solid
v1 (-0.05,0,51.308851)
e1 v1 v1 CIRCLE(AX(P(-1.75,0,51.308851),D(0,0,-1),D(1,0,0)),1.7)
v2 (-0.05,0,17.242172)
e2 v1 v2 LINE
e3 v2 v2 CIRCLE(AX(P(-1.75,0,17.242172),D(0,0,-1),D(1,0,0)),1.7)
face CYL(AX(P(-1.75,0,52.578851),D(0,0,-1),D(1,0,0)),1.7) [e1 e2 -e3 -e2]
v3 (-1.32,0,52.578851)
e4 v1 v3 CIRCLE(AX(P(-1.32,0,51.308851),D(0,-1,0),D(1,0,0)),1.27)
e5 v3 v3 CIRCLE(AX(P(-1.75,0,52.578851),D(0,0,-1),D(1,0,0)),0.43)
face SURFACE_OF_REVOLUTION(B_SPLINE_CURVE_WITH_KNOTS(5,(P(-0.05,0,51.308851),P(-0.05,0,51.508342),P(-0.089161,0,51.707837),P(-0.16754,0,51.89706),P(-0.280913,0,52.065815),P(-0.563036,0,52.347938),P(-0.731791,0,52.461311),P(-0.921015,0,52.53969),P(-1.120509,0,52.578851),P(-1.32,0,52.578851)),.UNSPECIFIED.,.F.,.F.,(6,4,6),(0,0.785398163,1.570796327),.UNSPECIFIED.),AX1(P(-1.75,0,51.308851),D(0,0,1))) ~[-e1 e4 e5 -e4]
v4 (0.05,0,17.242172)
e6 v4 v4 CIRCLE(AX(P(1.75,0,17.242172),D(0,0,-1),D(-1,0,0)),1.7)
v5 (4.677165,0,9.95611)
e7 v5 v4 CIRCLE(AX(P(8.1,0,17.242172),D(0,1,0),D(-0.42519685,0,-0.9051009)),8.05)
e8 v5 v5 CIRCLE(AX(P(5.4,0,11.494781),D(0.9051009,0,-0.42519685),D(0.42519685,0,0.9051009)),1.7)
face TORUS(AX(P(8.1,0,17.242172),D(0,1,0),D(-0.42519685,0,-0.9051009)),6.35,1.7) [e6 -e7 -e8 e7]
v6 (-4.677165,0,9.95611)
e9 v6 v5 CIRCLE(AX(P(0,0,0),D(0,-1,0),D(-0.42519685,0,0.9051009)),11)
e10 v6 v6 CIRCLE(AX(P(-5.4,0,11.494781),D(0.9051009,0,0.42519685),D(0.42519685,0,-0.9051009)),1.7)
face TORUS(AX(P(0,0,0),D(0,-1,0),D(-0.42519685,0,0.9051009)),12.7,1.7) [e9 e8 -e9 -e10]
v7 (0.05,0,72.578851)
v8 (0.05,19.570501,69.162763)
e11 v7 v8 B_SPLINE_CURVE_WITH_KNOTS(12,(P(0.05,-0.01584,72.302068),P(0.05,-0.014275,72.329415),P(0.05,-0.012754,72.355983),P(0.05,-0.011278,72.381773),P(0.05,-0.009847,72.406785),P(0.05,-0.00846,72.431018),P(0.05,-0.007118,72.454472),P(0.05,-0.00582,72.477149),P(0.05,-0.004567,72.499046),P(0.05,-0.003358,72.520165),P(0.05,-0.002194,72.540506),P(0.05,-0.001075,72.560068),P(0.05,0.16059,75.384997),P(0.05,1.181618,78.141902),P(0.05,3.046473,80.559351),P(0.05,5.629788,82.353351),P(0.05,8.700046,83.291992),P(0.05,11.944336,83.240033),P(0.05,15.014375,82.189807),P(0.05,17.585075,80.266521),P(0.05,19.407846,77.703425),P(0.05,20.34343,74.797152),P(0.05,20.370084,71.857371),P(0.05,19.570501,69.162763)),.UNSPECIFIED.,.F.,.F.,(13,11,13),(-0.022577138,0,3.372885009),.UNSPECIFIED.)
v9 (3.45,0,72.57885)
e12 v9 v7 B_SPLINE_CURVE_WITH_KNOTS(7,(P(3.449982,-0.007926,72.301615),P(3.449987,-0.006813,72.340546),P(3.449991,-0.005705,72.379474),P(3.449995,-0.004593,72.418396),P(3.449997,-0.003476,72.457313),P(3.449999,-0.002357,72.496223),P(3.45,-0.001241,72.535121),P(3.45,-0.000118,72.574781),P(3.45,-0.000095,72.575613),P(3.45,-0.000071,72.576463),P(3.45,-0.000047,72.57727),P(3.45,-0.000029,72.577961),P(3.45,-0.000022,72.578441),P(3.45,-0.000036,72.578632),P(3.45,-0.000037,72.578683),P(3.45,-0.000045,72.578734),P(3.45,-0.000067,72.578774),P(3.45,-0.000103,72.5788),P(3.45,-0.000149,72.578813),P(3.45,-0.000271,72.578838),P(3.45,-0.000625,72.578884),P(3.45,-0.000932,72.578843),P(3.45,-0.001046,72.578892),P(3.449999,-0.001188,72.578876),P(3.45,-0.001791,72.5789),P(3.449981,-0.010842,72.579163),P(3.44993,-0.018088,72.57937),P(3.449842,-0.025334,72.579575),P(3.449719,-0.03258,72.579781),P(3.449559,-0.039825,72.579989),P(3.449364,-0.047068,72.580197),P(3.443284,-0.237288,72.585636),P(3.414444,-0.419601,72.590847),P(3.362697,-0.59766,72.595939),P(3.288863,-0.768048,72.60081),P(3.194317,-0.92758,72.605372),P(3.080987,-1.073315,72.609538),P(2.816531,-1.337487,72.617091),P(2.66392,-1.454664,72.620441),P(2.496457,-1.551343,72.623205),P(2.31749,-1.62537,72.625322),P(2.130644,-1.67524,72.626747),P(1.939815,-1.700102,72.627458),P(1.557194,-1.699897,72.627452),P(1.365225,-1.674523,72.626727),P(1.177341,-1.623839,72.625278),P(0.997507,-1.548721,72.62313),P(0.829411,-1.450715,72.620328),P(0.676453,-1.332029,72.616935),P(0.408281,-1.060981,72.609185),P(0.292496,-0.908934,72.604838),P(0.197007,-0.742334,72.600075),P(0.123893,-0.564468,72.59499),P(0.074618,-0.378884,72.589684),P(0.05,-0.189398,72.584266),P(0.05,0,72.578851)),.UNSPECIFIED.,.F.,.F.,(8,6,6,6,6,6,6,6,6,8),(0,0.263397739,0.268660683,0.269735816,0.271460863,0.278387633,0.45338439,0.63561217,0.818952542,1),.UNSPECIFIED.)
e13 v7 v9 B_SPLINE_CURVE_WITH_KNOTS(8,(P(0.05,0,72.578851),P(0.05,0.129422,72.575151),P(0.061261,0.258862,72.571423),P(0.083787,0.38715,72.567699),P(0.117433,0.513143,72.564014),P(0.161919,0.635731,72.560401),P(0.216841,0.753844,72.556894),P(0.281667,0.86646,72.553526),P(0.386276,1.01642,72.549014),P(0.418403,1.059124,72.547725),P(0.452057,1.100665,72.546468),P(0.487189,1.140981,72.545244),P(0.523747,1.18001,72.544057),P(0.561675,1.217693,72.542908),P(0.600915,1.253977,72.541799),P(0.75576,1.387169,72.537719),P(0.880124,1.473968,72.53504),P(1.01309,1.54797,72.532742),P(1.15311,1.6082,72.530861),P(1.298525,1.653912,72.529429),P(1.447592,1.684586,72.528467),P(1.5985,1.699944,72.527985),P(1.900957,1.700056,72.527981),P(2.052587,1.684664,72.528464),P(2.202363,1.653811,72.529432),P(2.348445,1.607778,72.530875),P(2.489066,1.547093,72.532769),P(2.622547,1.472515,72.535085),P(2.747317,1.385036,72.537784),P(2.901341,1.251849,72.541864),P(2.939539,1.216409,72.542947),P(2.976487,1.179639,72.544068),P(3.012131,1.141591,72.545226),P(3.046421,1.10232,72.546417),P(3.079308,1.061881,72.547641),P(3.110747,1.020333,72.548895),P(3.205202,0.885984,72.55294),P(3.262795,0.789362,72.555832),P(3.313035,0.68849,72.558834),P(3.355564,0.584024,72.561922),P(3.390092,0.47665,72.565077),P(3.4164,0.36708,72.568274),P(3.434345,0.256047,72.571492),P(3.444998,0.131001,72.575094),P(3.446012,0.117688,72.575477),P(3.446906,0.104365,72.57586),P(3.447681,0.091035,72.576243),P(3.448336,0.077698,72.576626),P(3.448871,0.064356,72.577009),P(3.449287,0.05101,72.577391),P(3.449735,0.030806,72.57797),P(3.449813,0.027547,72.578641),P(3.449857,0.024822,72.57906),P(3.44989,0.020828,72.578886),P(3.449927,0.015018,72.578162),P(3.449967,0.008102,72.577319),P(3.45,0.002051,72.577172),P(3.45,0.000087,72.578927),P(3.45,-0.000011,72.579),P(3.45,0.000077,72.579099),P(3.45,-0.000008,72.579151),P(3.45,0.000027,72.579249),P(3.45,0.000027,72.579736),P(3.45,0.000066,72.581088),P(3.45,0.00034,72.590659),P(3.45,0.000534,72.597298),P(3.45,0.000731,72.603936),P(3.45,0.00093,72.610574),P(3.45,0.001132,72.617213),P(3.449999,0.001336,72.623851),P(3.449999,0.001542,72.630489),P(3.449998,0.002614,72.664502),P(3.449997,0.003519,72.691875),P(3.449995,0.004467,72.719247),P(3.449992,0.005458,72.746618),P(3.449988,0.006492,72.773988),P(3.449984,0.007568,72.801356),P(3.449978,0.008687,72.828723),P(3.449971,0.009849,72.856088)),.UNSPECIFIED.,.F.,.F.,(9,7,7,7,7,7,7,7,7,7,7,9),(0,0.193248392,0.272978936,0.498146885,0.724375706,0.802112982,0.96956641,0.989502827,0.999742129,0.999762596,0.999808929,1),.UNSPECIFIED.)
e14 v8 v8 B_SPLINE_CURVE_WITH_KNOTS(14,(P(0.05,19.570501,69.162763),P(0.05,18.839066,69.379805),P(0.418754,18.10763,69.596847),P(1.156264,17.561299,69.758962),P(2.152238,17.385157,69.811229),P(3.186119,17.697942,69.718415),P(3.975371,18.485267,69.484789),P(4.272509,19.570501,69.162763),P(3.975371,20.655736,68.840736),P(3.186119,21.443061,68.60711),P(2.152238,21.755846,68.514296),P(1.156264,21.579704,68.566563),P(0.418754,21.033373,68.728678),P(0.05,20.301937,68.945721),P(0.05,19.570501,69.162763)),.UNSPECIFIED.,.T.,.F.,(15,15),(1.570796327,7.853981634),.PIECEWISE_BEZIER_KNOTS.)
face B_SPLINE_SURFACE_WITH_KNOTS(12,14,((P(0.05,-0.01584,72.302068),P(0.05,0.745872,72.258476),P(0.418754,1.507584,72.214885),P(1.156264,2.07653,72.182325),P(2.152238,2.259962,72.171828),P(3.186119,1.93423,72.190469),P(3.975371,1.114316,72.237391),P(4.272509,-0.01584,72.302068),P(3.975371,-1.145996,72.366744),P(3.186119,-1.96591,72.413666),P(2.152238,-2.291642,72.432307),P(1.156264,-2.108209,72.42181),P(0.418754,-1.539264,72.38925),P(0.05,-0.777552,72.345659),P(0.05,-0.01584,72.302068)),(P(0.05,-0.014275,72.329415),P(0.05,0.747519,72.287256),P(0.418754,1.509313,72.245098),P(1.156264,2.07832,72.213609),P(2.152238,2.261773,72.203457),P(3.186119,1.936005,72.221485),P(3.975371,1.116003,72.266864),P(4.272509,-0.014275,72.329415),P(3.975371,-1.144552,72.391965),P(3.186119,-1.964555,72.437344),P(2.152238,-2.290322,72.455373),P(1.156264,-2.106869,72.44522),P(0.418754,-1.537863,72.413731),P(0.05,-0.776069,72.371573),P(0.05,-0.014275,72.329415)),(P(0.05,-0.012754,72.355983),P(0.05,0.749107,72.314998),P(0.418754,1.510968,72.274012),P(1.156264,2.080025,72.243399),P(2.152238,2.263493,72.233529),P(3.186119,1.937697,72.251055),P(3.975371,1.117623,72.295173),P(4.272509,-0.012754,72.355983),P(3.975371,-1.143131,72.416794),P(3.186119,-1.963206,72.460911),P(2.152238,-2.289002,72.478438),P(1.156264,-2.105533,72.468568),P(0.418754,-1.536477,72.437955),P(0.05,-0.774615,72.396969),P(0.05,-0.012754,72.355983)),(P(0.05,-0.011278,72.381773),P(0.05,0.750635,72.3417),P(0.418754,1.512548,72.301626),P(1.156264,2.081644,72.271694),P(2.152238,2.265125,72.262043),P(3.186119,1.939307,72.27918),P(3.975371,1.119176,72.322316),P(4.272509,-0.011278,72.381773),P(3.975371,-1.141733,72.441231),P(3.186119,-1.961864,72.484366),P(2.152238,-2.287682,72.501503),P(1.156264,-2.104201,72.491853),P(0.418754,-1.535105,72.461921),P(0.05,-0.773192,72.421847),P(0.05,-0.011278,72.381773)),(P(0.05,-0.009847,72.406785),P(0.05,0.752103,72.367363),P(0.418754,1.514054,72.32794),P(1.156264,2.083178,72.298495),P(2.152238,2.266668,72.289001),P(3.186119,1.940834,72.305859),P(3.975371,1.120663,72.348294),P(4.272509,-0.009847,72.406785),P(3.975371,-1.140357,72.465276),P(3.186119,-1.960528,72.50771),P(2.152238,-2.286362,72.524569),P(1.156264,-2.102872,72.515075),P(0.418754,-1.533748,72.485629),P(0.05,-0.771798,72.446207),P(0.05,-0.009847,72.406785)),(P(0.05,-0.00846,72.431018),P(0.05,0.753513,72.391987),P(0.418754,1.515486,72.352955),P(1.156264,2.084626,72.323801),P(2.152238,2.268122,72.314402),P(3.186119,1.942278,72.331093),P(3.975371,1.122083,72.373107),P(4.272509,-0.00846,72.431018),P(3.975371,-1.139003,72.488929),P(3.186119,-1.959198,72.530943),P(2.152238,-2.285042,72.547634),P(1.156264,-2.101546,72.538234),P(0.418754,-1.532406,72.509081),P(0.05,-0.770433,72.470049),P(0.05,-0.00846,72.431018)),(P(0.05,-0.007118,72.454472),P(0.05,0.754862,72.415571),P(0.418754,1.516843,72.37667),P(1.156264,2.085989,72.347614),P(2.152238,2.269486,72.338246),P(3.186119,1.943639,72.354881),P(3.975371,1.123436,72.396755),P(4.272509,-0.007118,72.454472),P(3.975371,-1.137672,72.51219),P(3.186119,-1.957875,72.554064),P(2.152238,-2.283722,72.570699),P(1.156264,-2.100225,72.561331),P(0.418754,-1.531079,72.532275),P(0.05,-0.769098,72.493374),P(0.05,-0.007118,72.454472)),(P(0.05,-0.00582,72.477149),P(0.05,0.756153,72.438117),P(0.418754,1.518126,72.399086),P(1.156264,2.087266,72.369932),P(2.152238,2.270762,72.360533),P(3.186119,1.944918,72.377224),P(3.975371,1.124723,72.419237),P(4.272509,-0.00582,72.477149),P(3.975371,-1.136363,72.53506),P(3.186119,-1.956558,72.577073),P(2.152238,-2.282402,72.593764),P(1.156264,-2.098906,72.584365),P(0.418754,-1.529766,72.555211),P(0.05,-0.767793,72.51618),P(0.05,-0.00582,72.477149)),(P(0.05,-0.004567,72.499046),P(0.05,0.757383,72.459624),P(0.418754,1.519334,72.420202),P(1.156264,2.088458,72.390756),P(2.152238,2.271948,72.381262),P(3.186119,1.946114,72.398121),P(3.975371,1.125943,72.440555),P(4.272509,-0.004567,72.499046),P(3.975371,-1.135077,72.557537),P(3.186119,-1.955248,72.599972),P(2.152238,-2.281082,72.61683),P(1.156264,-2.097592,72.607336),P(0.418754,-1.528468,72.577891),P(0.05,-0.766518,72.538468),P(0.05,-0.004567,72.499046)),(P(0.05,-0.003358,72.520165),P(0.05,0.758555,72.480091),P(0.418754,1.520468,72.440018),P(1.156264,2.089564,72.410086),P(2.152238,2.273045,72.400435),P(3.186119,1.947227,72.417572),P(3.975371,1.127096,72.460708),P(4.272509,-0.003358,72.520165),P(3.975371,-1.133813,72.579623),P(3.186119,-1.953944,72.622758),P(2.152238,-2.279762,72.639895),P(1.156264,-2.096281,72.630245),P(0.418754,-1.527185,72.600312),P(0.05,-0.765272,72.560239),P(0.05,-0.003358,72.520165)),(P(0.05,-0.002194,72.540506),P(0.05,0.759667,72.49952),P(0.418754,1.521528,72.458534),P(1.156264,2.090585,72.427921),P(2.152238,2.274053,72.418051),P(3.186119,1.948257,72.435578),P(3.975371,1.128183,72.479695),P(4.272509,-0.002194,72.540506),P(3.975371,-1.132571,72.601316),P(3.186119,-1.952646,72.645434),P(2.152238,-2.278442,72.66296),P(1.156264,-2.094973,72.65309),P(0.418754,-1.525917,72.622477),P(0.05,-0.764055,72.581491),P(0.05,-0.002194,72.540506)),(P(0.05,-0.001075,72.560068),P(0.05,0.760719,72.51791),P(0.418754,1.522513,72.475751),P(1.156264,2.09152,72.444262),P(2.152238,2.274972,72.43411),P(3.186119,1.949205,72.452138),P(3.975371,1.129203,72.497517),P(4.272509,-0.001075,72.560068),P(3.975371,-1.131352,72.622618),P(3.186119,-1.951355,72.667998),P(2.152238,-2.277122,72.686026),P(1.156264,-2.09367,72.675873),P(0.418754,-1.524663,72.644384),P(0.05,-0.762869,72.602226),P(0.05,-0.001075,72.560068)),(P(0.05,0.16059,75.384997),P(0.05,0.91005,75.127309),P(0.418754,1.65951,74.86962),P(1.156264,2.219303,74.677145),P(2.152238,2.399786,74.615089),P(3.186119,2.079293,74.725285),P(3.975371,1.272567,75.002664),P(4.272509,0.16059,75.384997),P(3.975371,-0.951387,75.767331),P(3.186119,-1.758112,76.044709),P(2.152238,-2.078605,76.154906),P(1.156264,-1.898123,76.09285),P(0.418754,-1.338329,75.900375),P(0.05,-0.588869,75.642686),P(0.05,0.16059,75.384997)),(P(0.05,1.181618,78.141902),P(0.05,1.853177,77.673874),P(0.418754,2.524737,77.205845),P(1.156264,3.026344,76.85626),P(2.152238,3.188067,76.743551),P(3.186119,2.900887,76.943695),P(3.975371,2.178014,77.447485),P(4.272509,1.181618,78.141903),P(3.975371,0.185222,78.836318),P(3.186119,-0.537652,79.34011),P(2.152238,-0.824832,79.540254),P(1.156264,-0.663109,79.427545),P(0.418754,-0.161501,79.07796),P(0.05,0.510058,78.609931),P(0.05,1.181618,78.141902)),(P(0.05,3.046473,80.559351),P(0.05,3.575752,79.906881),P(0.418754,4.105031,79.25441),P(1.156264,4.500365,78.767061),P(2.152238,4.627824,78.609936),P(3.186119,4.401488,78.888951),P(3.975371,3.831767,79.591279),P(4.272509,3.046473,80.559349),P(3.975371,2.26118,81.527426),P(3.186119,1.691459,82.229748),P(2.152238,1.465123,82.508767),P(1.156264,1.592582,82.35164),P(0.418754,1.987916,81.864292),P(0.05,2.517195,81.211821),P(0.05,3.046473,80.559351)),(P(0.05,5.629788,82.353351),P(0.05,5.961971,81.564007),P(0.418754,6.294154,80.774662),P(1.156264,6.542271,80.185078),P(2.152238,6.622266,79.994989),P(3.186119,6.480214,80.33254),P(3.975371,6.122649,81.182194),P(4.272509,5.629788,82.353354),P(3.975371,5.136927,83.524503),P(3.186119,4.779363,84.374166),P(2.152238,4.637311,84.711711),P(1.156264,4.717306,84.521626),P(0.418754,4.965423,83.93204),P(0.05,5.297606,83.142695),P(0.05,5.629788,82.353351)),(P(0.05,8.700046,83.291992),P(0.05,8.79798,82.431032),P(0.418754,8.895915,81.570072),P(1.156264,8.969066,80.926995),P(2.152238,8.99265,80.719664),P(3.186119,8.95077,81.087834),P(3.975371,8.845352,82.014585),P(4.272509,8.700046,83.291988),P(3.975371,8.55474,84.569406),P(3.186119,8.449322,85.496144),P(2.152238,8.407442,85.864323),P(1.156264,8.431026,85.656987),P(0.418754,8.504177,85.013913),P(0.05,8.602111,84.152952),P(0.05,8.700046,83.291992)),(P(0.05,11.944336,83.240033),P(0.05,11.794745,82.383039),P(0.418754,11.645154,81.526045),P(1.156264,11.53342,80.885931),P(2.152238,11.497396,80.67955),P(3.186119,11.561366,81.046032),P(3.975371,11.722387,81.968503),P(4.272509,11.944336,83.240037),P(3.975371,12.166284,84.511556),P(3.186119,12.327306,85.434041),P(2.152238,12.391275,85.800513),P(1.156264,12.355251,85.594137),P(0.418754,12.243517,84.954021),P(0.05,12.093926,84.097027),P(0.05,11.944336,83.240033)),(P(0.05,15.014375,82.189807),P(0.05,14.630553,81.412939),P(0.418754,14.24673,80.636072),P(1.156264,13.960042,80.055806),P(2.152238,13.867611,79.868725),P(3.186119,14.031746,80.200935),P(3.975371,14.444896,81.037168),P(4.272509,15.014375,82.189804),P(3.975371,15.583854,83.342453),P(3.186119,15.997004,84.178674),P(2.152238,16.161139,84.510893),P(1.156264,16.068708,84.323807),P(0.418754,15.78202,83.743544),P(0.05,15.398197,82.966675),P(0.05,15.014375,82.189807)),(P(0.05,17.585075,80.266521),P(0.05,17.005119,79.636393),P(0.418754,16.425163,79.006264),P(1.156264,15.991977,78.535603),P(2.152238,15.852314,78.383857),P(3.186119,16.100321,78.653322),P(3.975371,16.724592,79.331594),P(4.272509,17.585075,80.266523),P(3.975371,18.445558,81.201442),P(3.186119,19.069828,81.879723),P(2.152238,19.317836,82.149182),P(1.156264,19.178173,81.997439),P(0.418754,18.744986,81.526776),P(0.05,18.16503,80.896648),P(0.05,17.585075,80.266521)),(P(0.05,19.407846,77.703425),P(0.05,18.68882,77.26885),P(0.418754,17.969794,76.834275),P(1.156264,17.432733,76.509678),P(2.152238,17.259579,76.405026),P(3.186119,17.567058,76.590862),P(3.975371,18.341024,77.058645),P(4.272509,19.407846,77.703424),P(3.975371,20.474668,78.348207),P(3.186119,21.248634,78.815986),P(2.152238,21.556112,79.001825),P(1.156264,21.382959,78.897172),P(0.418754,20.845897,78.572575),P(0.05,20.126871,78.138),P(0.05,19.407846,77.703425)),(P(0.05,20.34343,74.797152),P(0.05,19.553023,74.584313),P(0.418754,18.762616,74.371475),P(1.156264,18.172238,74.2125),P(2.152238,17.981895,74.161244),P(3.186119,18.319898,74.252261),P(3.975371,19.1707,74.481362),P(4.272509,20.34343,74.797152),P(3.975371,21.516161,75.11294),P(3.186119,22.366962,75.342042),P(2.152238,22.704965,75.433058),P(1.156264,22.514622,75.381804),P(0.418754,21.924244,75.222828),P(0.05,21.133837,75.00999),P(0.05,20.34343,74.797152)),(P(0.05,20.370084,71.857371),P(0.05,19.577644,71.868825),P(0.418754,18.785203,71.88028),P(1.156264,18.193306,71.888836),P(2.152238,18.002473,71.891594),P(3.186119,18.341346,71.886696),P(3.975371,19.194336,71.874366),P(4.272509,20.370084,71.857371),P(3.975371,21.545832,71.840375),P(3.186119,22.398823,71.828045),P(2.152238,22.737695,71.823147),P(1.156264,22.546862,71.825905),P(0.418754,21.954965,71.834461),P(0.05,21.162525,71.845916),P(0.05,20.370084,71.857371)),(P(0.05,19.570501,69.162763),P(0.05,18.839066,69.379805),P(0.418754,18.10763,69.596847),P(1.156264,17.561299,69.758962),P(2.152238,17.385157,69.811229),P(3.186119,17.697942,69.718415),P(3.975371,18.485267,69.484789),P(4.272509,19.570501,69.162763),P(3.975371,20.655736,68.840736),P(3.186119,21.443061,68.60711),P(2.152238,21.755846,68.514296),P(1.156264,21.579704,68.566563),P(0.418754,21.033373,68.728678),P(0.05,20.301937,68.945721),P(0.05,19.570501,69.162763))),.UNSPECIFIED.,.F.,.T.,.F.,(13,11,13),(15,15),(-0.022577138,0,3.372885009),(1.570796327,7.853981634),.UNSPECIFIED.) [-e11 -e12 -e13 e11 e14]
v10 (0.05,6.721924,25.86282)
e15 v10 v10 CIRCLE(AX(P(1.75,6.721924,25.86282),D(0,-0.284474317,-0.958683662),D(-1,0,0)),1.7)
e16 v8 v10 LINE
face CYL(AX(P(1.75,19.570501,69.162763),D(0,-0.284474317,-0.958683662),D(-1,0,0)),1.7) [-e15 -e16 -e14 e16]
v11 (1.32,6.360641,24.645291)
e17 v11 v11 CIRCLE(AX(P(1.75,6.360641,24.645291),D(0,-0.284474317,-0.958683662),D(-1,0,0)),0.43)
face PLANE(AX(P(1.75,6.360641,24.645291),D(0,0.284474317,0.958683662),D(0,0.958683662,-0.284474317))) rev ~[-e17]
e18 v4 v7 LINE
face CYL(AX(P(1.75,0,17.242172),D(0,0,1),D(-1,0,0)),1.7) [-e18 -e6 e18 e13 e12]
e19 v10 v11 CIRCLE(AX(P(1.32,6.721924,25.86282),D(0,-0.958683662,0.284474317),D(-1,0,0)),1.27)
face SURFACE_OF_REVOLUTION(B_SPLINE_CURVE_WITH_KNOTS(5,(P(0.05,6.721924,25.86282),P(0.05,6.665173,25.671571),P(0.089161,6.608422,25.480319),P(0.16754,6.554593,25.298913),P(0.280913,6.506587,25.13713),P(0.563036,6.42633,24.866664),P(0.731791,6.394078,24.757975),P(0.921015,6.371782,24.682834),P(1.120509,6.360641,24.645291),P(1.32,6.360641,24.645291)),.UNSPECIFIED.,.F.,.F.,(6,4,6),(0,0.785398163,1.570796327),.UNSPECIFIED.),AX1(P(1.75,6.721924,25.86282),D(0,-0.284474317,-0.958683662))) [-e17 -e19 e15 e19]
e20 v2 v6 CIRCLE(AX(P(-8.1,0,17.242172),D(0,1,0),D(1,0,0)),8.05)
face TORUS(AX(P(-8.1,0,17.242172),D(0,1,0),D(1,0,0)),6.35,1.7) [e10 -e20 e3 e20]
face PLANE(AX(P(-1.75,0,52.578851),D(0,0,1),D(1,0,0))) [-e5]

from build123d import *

# Parameters (mm, degrees)
F4_R = 1.7
F6_R = 1.27


with BuildPart() as f5:
    # F5: sweep along a path in F0, F2
    with BuildLine(Plane.XZ) as f5_path:
        Line((-1.75, 52.5788512989), (-1.75, 17.2421721369))
        ThreePointArc((-1.75, 17.2421721369), (-2.7396128871, 13.8379468213), (-5.4, 11.4947814246))
        ThreePointArc((-5.4, 11.4947814246), (0, -12.7), (5.4, 11.4947814246))
        ThreePointArc((5.4, 11.4947814246), (2.7396128871, 13.8379468213), (1.75, 17.2421721369))
        Line((1.75, 17.2421721369), (1.75, 72.5788512989))
    with BuildLine(Plane.YZ.offset(1.75)) as f5_path_2:
        ThreePointArc((0, 72.5788512989), (11.7031949702, 81.8585572335), (19.5705014858, 69.1627625387))
        Line((19.5705014858, 69.1627625387), (6.360641215, 24.6452912688))
    # F4 (on plane+point) → F5 (sweep)
    with BuildSketch(Plane.XY.offset(52.5788512989)):
        with Locations((-1.75, 0)):
            Circle(F4_R)
    sweep(path=f5_path.line + f5_path_2.line, transition=Transition.RIGHT)

    # F6
    f6_edges = [f5.edges().sort_by_distance(p)[0] for p in [
        (3.45, 6.360641, 24.645291),
        (-3.45, 0, 52.578851),
    ]]
    fillet(f6_edges, radius=F6_R)


solid = f5.part
